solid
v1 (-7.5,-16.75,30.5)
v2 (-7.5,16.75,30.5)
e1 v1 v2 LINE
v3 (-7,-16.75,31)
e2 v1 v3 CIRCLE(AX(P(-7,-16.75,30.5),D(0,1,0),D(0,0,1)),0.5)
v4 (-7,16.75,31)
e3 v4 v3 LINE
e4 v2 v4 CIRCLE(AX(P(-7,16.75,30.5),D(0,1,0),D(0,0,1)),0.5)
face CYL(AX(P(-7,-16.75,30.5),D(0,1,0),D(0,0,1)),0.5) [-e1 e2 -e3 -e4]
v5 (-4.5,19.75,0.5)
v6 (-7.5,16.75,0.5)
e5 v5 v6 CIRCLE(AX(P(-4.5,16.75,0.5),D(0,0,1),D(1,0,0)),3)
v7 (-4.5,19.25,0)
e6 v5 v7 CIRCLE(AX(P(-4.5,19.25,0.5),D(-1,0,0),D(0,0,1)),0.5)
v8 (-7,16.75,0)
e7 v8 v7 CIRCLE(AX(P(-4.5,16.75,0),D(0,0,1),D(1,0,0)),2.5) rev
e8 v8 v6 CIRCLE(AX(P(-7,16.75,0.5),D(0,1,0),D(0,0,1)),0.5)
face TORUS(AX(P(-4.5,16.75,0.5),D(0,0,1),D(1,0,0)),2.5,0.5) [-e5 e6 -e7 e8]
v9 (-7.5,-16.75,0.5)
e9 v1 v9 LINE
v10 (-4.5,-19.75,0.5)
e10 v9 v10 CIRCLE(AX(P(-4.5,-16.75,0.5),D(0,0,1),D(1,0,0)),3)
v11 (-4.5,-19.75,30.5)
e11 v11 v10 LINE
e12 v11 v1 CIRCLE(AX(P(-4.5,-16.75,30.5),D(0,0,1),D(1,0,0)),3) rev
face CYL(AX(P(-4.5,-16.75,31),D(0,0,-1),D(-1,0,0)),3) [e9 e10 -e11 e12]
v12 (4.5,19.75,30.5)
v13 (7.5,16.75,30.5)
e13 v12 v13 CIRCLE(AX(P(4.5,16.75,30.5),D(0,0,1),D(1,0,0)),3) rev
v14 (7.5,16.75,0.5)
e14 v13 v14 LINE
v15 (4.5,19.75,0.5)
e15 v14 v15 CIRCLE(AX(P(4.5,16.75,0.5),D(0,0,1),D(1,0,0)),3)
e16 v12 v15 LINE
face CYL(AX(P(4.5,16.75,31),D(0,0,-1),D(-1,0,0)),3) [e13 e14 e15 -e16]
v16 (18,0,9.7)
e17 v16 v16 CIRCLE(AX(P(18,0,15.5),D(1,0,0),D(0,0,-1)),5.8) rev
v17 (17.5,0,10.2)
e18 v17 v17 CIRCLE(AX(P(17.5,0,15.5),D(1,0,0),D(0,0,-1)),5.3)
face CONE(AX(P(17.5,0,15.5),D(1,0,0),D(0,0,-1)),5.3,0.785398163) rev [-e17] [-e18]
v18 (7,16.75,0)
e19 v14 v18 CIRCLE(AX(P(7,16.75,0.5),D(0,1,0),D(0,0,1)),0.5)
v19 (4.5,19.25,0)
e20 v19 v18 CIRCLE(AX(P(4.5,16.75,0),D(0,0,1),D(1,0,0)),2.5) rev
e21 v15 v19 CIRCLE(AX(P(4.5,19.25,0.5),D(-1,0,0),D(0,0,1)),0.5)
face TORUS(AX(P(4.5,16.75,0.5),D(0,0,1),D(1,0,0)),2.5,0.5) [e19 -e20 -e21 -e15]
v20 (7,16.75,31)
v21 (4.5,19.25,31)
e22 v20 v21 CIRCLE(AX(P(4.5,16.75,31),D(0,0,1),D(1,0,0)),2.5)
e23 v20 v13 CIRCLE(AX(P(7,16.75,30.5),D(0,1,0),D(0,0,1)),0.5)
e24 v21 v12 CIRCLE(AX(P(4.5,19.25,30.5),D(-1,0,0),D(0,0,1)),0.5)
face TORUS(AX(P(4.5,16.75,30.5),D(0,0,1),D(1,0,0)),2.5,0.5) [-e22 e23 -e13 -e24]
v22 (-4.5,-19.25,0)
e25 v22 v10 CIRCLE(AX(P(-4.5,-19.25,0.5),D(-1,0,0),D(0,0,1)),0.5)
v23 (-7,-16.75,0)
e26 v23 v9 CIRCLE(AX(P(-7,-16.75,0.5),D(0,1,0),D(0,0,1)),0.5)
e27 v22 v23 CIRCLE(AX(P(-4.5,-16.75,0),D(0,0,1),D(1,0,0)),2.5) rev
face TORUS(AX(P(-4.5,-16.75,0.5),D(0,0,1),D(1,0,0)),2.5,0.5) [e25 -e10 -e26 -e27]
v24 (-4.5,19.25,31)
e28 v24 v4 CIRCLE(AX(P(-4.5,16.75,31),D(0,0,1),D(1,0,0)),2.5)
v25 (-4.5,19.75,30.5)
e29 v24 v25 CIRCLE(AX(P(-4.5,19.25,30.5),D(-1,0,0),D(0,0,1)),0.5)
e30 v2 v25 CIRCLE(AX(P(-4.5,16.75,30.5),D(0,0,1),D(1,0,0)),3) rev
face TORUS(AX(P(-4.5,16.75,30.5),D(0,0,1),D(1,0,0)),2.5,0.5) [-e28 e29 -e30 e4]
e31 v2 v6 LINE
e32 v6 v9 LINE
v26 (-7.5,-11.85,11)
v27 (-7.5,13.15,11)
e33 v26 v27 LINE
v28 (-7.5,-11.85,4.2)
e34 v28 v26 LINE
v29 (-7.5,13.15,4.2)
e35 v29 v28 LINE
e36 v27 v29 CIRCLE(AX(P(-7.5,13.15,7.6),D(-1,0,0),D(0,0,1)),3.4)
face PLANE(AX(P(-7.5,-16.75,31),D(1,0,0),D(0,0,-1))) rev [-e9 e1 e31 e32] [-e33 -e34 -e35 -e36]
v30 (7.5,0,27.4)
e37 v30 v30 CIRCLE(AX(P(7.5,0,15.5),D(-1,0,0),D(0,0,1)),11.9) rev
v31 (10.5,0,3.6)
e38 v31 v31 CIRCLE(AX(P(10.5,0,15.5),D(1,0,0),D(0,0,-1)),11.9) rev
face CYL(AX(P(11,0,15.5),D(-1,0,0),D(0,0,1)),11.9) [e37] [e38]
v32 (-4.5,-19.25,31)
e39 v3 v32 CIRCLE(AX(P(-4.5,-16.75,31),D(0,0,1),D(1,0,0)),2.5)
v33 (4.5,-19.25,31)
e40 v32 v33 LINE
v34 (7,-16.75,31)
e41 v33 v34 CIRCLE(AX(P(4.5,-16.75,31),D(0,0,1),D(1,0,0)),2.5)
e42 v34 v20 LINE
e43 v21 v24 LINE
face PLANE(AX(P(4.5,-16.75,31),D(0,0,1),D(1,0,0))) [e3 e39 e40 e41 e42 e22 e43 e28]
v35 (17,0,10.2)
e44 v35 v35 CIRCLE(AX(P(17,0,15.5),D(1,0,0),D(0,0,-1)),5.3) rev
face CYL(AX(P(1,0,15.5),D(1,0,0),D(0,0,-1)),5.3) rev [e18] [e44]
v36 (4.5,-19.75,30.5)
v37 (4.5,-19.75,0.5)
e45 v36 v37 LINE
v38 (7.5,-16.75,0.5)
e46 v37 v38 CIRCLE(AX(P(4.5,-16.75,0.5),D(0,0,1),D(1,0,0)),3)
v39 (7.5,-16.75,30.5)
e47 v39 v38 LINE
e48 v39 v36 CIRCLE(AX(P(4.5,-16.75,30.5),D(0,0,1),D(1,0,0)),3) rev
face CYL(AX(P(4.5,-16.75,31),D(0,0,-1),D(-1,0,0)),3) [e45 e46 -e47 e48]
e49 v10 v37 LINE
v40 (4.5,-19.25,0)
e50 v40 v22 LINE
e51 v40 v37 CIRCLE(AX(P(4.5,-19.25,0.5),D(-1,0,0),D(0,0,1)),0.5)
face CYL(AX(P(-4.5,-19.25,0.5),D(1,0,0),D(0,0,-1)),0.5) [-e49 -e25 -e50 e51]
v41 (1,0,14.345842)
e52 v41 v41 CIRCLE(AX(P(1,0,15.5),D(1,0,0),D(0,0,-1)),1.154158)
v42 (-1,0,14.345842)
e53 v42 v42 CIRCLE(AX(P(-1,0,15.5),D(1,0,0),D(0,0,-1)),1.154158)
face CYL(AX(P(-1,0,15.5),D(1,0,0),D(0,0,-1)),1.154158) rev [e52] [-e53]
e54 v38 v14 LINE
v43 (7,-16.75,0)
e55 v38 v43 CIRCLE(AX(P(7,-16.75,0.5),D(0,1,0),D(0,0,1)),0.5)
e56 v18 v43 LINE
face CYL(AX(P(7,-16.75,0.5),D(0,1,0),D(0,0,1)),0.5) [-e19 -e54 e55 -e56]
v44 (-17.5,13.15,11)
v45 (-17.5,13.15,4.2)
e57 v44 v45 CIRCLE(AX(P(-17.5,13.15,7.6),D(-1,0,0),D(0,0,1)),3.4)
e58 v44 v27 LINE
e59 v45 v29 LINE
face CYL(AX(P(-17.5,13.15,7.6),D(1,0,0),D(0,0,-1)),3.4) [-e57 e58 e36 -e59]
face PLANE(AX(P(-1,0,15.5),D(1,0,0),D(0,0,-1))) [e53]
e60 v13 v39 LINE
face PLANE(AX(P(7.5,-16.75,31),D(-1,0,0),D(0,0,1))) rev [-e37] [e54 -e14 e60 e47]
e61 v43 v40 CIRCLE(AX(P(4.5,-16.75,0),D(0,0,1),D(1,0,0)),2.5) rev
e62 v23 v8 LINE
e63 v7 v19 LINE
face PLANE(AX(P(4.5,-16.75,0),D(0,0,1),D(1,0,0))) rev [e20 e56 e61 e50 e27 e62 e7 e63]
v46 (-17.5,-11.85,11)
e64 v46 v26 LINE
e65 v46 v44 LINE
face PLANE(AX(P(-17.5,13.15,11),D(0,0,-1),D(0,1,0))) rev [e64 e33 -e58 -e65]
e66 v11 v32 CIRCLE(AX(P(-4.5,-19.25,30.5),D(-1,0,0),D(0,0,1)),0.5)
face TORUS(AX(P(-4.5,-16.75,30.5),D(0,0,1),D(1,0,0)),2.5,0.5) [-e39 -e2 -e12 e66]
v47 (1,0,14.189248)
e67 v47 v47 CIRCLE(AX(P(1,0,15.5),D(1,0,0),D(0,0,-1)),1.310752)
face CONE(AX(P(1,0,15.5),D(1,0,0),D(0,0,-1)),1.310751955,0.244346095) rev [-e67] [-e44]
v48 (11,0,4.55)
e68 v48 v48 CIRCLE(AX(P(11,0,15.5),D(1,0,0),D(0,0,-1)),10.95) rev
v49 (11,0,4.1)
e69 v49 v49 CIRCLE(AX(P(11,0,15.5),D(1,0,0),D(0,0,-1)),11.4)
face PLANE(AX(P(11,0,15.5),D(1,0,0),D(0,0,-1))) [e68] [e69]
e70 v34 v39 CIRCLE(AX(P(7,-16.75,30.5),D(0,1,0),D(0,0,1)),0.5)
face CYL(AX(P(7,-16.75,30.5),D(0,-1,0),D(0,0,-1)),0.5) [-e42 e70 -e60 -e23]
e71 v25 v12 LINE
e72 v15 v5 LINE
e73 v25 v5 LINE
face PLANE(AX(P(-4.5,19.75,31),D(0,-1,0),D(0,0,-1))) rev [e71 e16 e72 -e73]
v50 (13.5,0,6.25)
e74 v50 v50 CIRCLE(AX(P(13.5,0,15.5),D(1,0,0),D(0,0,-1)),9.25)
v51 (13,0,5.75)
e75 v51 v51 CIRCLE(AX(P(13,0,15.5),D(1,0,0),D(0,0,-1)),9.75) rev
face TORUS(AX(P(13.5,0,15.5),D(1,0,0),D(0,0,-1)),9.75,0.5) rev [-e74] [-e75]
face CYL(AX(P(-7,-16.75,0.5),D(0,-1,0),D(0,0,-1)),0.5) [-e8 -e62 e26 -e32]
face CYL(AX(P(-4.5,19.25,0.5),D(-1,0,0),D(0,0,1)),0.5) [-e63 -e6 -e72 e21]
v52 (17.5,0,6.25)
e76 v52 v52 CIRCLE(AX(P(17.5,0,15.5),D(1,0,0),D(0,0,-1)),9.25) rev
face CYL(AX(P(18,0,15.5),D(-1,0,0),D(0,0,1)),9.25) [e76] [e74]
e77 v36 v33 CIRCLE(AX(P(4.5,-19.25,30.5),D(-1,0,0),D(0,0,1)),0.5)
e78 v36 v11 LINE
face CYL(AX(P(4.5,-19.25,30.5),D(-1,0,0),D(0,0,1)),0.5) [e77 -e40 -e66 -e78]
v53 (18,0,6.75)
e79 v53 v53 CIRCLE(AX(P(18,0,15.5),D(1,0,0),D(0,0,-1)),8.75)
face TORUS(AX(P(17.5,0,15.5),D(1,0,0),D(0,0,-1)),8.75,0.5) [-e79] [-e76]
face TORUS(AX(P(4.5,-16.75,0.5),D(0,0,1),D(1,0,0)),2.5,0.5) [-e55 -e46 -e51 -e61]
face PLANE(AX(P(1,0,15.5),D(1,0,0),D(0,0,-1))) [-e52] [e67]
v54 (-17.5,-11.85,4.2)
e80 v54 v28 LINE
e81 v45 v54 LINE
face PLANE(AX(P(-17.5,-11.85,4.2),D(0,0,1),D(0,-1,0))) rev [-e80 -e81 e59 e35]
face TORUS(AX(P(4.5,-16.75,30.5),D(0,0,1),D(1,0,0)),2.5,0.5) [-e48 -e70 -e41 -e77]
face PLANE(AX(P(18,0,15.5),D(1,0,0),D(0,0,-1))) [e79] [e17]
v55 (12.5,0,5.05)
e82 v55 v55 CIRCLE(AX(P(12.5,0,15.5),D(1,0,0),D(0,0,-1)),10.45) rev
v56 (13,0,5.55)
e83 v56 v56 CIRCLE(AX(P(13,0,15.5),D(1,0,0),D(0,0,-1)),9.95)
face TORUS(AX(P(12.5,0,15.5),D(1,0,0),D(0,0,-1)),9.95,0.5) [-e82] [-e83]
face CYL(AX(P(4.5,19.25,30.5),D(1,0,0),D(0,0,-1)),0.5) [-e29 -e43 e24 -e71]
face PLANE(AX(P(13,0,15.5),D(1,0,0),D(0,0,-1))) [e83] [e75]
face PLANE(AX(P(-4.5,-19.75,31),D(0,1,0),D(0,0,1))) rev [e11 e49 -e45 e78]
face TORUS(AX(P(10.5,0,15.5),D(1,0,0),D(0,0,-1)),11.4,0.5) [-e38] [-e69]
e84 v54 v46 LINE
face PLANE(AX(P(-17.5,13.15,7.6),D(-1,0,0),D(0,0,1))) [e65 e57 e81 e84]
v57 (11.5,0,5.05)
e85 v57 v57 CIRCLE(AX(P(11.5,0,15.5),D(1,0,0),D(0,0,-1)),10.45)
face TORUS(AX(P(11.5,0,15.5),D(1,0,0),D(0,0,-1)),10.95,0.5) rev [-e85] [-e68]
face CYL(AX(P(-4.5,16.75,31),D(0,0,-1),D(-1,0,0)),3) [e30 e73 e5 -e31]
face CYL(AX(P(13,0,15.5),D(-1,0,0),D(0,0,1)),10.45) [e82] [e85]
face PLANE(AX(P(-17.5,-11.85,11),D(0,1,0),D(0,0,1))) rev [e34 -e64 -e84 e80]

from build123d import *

# Parameters (mm, degrees)
BOSS_EXTRUDE1_DEPTH = 31
SKETCH2_R           = 11.9
BOSS_EXTRUDE2_DEPTH = 3.5
SKETCH3_R           = 10.45
BOSS_EXTRUDE3_DEPTH = 2
SKETCH4_R           = 9.25
BOSS_EXTRUDE4_DEPTH = 5
SKETCH5_R           = 5.3
CUT_EXTRUDE1_DEPTH  = 17
FILLET2_R           = 0.5
FILLET3_R           = 0.5
CHAMFER1_SIZE       = 0.5
SKETCH6_R           = 1.154157684
CUT_EXTRUDE2_DEPTH  = 2
CHAMFER4_SIZE       = 16
CHAMFER4_SIZE2      = 3.989248045
BOSS_EXTRUDE5_DEPTH = 10
FILLET4_R           = 0.5


with BuildPart() as part:
    # Sketch1 → Boss-Extrude1 (new body)
    with BuildSketch(Plane.XY):
        with BuildLine():
            Line((-4.5, -19.75), (4.5, -19.75))
            ThreePointArc((4.5, -19.75), (6.621320344, -18.871320344), (7.5, -16.75))
            Line((7.5, -16.75), (7.5, 16.75))
            ThreePointArc((7.5, 16.75), (6.621320344, 18.871320344), (4.5, 19.75))
            Line((4.5, 19.75), (-4.5, 19.75))
            ThreePointArc((-4.5, 19.75), (-6.621320344, 18.871320344), (-7.5, 16.75))
            Line((-7.5, 16.75), (-7.5, -16.75))
            ThreePointArc((-7.5, -16.75), (-6.621320344, -18.871320344), (-4.5, -19.75))
        make_face()
    extrude(amount=BOSS_EXTRUDE1_DEPTH)

    # Sketch2 → Boss-Extrude2 (add)
    with BuildSketch(Plane(origin=(7.5, 0, 0), x_dir=(0, 0, -1), z_dir=(1, 0, 0))):
        with Locations((-15.5, 0)):
            Circle(SKETCH2_R)
    extrude(amount=BOSS_EXTRUDE2_DEPTH)

    # Sketch3 → Boss-Extrude3 (add)
    with BuildSketch(Plane(origin=(11, 0, 0), x_dir=(0, 0, -1), z_dir=(1, 0, 0))):
        with Locations((-15.5, 0)):
            Circle(SKETCH3_R)
    extrude(amount=BOSS_EXTRUDE3_DEPTH)

    # Sketch4 → Boss-Extrude4 (add)
    with BuildSketch(Plane(origin=(13, 0, 0), x_dir=(0, 0, -1), z_dir=(1, 0, 0))):
        with Locations((-15.5, 0)):
            Circle(SKETCH4_R)
    extrude(amount=BOSS_EXTRUDE4_DEPTH)

    # Sketch5 → Cut-Extrude1 (cut)
    with BuildSketch(Plane(origin=(18, 0, 0), x_dir=(0, 0, -1), z_dir=(1, 0, 0))):
        with Locations((-15.5, 0)):
            Circle(SKETCH5_R)
    extrude(amount=-CUT_EXTRUDE1_DEPTH, mode=Mode.SUBTRACT)

    # Fillet2
    fillet2_edges = [part.edges().sort_by_distance(p)[0] for p in [
        (11, 0, 25.95),
        (13, 0, 24.75),
    ]]
    fillet(fillet2_edges, radius=FILLET2_R)

    # Fillet3
    fillet3_edges = [part.edges().sort_by_distance(p)[0] for p in [
        (11, 0, 27.4),
        (13, 0, 25.95),
        (18, 0, 24.75),
    ]]
    fillet(fillet3_edges, radius=FILLET3_R)

    # Chamfer1
    chamfer1_edges = [part.edges().sort_by_distance(p)[0] for p in [
        (18, 0, 20.8),
    ]]
    chamfer(chamfer1_edges, length=CHAMFER1_SIZE)

    # Sketch6 → Cut-Extrude2 (cut)
    with BuildSketch(Plane(origin=(1, 0, 0), x_dir=(0, 0, -1), z_dir=(1, 0, 0))):
        with Locations((-15.5, 0)):
            Circle(SKETCH6_R)
    extrude(amount=-CUT_EXTRUDE2_DEPTH, mode=Mode.SUBTRACT)

    # Chamfer4
    chamfer4_edges = [part.edges().sort_by_distance(p)[0] for p in [
        (1, 0, 20.8),
    ]]
    chamfer4_side = [part.faces().sort_by_distance(p)[0] for p in [
        (9.25, 0, 20.8),
    ]]
    chamfer(chamfer4_edges, length=CHAMFER4_SIZE, length2=CHAMFER4_SIZE2, reference=chamfer4_side[0])

    # Sketch7 → Boss-Extrude5 (add)
    with BuildSketch(Plane.ZY.offset(7.5)):
        with BuildLine():
            Line((11, 13.15), (11, -11.85))
            Line((11, -11.85), (4.2, -11.85))
            Line((4.2, -11.85), (4.2, 13.15))
            ThreePointArc((4.2, 13.15), (7.6, 16.55), (11, 13.15))
        make_face()
    extrude(amount=BOSS_EXTRUDE5_DEPTH)

    # Fillet4
    fillet4_edges = [part.edges().sort_by_distance(p)[0] for p in [
        (6.621320344, 18.871320344, 31),
        (7.5, 0, 0),
        (6.621320344, -18.871320344, 0),
        (0, 19.75, 31),
        (-6.621320344, 18.871320344, 31),
        (-7.5, 0, 31),
        (-6.621320344, -18.871320344, 31),
        (0, -19.75, 31),
        (6.621320344, -18.871320344, 31),
        (7.5, 0, 31),
        (0, -19.75, 0),
        (-6.621320344, -18.871320344, 0),
        (-7.5, 0, 0),
        (-6.621320344, 18.871320344, 0),
        (0, 19.75, 0),
        (6.621320344, 18.871320344, 0),
    ]]
    fillet(fillet4_edges, radius=FILLET4_R)


solid = part.part
